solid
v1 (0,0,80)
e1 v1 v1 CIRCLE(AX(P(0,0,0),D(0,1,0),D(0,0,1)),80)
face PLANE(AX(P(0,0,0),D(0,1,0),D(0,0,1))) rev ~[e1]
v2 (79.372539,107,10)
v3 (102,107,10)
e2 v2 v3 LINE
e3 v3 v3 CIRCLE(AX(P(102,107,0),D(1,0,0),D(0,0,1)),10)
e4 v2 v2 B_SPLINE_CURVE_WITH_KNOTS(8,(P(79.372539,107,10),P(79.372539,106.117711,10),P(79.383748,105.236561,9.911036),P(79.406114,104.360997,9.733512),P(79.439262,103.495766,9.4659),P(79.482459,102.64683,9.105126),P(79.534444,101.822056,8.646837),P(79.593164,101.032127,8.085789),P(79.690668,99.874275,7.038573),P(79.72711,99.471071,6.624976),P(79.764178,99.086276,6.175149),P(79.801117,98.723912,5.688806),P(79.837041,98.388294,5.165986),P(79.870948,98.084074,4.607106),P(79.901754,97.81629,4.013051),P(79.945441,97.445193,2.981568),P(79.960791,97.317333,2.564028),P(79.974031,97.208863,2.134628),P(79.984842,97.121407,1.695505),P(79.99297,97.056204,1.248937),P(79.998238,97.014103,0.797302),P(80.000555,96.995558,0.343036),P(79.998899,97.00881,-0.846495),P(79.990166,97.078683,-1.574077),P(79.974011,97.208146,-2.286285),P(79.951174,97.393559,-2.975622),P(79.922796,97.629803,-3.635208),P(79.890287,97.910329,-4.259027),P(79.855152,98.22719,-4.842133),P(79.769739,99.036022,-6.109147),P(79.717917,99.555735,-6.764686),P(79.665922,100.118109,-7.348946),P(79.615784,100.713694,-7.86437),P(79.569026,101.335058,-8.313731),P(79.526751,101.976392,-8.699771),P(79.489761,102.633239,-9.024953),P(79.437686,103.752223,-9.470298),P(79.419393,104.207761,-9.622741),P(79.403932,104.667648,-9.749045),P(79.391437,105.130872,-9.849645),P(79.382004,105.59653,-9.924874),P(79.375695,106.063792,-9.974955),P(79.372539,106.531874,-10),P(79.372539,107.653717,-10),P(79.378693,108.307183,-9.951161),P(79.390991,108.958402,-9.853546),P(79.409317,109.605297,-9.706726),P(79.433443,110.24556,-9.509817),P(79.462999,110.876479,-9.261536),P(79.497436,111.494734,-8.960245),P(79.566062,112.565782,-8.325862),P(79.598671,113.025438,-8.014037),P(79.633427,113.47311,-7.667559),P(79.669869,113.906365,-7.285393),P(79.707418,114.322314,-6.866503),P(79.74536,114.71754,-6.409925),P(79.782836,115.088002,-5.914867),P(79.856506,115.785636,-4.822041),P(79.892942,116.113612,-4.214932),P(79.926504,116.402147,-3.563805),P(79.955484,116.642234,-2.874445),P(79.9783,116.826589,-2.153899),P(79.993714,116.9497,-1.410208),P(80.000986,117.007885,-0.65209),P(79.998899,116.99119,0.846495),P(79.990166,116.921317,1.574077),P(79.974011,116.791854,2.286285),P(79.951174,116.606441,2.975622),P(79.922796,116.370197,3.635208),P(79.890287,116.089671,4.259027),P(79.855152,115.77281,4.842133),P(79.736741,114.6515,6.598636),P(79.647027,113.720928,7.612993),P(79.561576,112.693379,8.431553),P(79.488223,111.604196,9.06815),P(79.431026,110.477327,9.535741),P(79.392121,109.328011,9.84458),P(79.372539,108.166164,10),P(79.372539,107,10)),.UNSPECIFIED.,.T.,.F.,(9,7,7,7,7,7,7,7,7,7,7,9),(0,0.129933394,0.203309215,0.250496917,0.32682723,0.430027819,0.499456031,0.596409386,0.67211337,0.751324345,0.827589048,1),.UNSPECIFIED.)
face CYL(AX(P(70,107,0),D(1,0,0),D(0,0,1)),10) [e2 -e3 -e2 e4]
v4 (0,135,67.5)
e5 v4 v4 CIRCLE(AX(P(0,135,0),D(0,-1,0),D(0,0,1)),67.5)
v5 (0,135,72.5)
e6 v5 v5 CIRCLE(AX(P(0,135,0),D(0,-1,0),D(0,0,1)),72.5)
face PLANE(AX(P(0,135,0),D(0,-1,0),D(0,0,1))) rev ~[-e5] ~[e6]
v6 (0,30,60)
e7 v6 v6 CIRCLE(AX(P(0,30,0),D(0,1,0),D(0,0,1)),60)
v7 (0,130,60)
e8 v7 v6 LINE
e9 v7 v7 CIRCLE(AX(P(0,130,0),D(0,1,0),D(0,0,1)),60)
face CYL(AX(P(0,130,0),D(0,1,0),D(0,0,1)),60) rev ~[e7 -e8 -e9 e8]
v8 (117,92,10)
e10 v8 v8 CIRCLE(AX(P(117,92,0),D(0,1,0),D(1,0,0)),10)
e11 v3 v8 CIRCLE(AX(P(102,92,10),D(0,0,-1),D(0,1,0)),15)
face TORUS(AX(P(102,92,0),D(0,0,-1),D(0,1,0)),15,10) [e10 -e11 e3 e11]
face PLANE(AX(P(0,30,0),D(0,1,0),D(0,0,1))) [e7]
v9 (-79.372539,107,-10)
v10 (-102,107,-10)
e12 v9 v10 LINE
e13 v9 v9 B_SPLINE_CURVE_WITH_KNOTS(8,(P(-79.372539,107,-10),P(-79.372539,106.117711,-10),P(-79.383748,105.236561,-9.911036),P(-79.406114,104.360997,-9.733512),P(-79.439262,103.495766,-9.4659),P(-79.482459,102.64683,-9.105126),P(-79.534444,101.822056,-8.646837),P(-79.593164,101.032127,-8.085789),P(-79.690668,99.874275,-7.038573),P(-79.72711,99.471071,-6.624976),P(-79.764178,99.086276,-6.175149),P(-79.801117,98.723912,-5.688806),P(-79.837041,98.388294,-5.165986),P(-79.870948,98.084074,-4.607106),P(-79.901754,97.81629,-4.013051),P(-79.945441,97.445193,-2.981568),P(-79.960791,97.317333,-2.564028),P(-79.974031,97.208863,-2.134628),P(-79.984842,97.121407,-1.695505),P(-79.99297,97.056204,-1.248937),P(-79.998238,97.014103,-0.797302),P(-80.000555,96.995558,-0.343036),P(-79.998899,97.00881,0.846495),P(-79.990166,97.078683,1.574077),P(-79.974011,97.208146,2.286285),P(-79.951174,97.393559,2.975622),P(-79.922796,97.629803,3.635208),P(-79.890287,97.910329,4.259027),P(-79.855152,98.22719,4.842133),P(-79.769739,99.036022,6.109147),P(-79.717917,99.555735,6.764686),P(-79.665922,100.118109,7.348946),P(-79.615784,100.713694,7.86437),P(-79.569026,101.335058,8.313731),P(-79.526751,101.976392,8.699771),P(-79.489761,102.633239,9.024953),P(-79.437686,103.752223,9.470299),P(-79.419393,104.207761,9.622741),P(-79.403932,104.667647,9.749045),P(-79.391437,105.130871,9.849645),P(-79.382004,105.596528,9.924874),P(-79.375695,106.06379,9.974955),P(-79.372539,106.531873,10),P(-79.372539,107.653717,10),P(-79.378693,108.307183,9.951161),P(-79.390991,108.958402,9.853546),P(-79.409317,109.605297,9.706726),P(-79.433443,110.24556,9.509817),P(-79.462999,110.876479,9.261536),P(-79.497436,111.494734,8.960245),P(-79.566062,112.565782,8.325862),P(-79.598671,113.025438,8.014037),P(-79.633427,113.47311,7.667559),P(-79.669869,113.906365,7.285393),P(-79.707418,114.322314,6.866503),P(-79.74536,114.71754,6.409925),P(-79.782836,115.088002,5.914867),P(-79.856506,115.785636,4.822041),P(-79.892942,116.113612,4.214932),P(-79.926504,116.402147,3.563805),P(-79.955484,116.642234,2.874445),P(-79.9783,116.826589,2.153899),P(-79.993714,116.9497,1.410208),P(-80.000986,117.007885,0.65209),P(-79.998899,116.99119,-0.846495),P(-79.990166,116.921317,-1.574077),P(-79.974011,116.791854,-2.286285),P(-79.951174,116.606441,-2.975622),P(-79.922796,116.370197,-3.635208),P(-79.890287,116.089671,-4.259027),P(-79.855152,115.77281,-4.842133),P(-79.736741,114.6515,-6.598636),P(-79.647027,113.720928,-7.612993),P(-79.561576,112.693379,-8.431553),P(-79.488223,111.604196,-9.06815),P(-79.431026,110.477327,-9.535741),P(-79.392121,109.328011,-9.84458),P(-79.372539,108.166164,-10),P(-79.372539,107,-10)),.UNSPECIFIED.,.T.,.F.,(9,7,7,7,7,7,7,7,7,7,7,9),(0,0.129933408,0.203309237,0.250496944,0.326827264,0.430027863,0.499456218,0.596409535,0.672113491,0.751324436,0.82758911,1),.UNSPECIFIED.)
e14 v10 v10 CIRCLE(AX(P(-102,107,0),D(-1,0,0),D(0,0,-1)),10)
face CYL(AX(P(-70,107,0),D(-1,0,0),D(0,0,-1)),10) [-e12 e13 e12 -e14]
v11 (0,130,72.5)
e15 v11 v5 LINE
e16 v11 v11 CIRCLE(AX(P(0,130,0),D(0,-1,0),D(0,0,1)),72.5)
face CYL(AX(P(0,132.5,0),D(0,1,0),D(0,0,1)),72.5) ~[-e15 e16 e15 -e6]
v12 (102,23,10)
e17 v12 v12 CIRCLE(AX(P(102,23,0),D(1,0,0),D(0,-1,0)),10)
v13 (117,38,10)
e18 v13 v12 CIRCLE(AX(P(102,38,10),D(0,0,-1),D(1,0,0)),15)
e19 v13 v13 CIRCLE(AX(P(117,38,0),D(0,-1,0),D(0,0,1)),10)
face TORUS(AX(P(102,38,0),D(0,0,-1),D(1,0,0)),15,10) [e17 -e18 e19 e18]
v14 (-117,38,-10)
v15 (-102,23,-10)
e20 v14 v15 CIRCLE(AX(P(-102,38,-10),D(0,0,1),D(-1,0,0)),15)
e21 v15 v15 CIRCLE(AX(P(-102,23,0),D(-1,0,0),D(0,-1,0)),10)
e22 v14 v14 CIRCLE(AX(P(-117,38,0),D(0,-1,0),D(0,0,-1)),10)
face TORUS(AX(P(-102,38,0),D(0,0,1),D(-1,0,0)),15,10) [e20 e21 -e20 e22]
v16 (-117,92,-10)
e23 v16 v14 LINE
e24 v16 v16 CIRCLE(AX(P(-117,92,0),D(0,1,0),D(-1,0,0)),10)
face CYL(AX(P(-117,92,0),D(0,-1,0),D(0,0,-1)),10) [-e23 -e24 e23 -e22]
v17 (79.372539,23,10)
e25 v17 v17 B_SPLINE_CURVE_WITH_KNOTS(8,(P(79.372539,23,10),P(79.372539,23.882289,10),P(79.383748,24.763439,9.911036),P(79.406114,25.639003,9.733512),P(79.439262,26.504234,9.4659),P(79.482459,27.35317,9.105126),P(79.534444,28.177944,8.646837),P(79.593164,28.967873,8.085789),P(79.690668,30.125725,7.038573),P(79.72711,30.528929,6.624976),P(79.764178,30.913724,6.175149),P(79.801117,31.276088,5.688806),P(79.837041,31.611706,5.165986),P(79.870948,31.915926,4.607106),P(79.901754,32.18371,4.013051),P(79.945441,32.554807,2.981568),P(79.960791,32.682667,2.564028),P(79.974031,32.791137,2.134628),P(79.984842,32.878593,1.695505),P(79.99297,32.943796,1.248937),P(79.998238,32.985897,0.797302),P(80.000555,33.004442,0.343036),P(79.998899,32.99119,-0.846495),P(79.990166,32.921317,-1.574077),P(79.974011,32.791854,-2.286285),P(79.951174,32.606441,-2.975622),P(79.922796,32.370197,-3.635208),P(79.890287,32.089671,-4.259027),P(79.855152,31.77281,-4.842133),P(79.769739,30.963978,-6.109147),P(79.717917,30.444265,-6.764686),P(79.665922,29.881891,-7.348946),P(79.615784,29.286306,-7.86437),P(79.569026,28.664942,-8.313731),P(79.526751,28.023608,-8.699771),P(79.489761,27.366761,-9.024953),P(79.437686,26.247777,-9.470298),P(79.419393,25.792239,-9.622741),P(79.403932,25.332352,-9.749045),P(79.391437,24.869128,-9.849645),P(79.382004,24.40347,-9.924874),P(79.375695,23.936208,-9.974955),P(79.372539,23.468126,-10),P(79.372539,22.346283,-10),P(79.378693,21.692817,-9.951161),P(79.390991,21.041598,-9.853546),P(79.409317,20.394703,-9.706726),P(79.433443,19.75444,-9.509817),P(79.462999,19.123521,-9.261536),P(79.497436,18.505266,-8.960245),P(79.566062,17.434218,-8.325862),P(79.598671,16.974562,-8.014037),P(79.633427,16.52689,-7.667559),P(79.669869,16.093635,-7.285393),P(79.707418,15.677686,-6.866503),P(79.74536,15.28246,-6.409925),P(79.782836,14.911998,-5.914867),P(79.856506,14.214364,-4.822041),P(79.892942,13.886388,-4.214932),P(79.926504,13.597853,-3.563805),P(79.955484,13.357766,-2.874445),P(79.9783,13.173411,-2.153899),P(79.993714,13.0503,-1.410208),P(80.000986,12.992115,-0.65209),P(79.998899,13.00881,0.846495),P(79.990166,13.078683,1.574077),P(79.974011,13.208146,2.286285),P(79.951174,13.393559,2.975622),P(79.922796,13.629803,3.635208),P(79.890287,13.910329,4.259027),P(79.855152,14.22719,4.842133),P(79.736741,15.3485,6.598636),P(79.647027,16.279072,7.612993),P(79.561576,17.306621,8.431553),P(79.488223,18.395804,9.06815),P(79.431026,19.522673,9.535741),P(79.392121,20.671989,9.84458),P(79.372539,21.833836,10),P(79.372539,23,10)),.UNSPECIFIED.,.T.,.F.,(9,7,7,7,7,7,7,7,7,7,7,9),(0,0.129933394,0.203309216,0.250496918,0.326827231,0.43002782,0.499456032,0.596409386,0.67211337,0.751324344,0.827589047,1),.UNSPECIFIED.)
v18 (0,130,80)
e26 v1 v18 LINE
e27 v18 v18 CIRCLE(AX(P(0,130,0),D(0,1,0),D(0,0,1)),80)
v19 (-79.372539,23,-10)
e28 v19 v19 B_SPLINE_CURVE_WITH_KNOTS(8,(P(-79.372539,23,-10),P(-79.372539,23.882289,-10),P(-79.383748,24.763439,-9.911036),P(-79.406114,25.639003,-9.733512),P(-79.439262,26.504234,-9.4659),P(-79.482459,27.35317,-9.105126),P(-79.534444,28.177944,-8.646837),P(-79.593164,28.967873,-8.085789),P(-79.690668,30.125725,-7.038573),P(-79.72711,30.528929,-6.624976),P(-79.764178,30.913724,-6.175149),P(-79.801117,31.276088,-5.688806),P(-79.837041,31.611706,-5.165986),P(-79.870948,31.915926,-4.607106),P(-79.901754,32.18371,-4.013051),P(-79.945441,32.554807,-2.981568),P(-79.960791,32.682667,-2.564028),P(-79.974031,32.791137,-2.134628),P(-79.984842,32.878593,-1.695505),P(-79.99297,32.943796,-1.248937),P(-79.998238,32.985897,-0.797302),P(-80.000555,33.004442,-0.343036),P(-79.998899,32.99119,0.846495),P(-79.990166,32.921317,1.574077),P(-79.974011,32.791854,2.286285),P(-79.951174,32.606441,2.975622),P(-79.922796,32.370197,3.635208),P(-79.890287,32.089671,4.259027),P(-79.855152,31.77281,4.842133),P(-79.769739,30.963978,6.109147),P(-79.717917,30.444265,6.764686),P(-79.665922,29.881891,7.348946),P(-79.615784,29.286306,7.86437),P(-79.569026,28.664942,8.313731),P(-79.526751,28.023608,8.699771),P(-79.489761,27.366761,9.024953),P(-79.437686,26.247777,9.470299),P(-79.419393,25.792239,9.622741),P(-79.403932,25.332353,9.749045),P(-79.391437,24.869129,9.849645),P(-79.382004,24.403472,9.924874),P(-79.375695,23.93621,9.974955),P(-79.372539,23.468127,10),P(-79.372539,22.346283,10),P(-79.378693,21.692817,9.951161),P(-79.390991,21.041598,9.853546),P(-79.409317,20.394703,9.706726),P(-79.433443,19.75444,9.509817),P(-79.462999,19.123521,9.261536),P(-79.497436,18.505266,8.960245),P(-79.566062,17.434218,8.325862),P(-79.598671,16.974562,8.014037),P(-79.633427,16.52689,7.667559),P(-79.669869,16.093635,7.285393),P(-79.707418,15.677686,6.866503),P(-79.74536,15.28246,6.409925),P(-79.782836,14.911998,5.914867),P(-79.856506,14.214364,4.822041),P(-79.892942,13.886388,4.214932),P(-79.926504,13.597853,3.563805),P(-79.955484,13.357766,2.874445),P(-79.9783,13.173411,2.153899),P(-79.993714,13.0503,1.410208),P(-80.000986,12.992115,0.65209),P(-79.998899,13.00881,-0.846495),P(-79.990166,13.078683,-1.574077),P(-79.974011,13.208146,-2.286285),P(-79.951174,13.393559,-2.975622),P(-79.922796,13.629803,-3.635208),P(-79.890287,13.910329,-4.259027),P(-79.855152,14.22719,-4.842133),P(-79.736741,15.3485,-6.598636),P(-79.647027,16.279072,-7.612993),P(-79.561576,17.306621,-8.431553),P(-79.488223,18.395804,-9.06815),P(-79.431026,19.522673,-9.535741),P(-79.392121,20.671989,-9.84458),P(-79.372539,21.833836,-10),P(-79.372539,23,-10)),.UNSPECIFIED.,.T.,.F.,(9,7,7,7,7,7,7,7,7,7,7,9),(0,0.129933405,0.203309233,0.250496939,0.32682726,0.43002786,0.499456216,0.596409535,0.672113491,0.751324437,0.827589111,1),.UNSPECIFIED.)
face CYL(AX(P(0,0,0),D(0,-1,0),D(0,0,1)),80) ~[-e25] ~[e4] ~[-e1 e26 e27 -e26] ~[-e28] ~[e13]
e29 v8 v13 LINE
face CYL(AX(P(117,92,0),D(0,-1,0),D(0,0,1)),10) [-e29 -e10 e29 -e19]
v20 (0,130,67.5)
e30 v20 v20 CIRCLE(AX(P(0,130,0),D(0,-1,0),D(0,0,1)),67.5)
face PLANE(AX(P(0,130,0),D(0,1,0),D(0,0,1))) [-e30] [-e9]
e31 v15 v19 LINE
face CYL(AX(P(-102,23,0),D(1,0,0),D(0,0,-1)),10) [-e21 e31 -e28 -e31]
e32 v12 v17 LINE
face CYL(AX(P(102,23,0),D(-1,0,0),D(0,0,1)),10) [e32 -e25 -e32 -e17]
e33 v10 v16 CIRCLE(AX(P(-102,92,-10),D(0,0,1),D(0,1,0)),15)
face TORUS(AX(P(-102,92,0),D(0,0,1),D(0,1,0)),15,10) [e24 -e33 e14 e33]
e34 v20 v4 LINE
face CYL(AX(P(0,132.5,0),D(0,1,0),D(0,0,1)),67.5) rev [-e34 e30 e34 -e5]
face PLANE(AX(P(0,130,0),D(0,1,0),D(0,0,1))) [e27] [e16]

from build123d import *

# Parameters (mm, degrees)
ESBO_O1_R                = 80
RESSALTO_EXTRUS_O1_DEPTH = 130
ESBO_O2_R                = 60
CORTE_EXTRUS_O1_DEPTH    = 100
ESBO_O4_W                = 5
ESBO_O4_H                = 5
VARREDURA2_PROFILE_R     = 10
VARREDURA3_PROFILE_R     = 10


with BuildPart() as part:
    # Esboço1 → Ressalto-extrusão1 (new body)
    with BuildSketch(Plane(origin=(0, 0, 0), x_dir=(1, 0, 0), z_dir=(0, 1, 0))):
        with Locations(Location((0, 0, 0), (0, 0, 270))):
            Circle(ESBO_O1_R)
    extrude(amount=RESSALTO_EXTRUS_O1_DEPTH)

    # Esboço2 → Corte-extrusão1 (cut)
    with BuildSketch(Plane(origin=(0, 130, 0), x_dir=(1, 0, 0), z_dir=(0, 1, 0))):
        with Locations(Location((0, 0, 0), (0, 0, 270))):
            Circle(ESBO_O2_R)
    extrude(amount=-CORTE_EXTRUS_O1_DEPTH, mode=Mode.SUBTRACT)

    # Esboço4 → Revolução1 (revolve)
    with BuildSketch(Plane(origin=(0, 0, 0), x_dir=(0, 0, -1), z_dir=(1, 0, 0))):
        with Locations((-70, 132.5)):
            Rectangle(ESBO_O4_W, ESBO_O4_H)
    revolve(axis=Axis((0, 130, 0), (0, -1, 0)))

    # Varredura2: sweep along a path in Esboço6
    with BuildLine(Plane.XY) as varredura2_path:
        Line((70, 107), (102, 107))
        ThreePointArc((102, 107), (112.606601718, 102.606601718), (117, 92))
        Line((117, 92), (117, 38))
        ThreePointArc((117, 38), (112.606601718, 27.393398282), (102, 23))
        Line((102, 23), (70, 23))
    # Varredura2 profile (on start of the path) → Varredura2 (sweep)
    with BuildSketch(Plane(origin=(70, 107, 0), x_dir=(0, 0, 1), z_dir=(1, 0, 0))):
        Circle(VARREDURA2_PROFILE_R)
    sweep(path=varredura2_path.line)

    # Varredura3: sweep along a path in Esboço36
    with BuildLine(Plane.XY) as varredura3_path:
        Line((-70, 107), (-102, 107))
        ThreePointArc((-102, 107), (-112.606601718, 102.606601718), (-117, 92))
        Line((-117, 92), (-117, 38))
        ThreePointArc((-117, 38), (-112.606601718, 27.393398282), (-102, 23))
        Line((-102, 23), (-70, 23))
    # Varredura3 profile (on start of the path) → Varredura3 (sweep)
    with BuildSketch(Plane(origin=(-70, 107, 0), x_dir=(0, 0, -1), z_dir=(-1, 0, 0))):
        Circle(VARREDURA3_PROFILE_R)
    sweep(path=varredura3_path.line)


solid = part.part
